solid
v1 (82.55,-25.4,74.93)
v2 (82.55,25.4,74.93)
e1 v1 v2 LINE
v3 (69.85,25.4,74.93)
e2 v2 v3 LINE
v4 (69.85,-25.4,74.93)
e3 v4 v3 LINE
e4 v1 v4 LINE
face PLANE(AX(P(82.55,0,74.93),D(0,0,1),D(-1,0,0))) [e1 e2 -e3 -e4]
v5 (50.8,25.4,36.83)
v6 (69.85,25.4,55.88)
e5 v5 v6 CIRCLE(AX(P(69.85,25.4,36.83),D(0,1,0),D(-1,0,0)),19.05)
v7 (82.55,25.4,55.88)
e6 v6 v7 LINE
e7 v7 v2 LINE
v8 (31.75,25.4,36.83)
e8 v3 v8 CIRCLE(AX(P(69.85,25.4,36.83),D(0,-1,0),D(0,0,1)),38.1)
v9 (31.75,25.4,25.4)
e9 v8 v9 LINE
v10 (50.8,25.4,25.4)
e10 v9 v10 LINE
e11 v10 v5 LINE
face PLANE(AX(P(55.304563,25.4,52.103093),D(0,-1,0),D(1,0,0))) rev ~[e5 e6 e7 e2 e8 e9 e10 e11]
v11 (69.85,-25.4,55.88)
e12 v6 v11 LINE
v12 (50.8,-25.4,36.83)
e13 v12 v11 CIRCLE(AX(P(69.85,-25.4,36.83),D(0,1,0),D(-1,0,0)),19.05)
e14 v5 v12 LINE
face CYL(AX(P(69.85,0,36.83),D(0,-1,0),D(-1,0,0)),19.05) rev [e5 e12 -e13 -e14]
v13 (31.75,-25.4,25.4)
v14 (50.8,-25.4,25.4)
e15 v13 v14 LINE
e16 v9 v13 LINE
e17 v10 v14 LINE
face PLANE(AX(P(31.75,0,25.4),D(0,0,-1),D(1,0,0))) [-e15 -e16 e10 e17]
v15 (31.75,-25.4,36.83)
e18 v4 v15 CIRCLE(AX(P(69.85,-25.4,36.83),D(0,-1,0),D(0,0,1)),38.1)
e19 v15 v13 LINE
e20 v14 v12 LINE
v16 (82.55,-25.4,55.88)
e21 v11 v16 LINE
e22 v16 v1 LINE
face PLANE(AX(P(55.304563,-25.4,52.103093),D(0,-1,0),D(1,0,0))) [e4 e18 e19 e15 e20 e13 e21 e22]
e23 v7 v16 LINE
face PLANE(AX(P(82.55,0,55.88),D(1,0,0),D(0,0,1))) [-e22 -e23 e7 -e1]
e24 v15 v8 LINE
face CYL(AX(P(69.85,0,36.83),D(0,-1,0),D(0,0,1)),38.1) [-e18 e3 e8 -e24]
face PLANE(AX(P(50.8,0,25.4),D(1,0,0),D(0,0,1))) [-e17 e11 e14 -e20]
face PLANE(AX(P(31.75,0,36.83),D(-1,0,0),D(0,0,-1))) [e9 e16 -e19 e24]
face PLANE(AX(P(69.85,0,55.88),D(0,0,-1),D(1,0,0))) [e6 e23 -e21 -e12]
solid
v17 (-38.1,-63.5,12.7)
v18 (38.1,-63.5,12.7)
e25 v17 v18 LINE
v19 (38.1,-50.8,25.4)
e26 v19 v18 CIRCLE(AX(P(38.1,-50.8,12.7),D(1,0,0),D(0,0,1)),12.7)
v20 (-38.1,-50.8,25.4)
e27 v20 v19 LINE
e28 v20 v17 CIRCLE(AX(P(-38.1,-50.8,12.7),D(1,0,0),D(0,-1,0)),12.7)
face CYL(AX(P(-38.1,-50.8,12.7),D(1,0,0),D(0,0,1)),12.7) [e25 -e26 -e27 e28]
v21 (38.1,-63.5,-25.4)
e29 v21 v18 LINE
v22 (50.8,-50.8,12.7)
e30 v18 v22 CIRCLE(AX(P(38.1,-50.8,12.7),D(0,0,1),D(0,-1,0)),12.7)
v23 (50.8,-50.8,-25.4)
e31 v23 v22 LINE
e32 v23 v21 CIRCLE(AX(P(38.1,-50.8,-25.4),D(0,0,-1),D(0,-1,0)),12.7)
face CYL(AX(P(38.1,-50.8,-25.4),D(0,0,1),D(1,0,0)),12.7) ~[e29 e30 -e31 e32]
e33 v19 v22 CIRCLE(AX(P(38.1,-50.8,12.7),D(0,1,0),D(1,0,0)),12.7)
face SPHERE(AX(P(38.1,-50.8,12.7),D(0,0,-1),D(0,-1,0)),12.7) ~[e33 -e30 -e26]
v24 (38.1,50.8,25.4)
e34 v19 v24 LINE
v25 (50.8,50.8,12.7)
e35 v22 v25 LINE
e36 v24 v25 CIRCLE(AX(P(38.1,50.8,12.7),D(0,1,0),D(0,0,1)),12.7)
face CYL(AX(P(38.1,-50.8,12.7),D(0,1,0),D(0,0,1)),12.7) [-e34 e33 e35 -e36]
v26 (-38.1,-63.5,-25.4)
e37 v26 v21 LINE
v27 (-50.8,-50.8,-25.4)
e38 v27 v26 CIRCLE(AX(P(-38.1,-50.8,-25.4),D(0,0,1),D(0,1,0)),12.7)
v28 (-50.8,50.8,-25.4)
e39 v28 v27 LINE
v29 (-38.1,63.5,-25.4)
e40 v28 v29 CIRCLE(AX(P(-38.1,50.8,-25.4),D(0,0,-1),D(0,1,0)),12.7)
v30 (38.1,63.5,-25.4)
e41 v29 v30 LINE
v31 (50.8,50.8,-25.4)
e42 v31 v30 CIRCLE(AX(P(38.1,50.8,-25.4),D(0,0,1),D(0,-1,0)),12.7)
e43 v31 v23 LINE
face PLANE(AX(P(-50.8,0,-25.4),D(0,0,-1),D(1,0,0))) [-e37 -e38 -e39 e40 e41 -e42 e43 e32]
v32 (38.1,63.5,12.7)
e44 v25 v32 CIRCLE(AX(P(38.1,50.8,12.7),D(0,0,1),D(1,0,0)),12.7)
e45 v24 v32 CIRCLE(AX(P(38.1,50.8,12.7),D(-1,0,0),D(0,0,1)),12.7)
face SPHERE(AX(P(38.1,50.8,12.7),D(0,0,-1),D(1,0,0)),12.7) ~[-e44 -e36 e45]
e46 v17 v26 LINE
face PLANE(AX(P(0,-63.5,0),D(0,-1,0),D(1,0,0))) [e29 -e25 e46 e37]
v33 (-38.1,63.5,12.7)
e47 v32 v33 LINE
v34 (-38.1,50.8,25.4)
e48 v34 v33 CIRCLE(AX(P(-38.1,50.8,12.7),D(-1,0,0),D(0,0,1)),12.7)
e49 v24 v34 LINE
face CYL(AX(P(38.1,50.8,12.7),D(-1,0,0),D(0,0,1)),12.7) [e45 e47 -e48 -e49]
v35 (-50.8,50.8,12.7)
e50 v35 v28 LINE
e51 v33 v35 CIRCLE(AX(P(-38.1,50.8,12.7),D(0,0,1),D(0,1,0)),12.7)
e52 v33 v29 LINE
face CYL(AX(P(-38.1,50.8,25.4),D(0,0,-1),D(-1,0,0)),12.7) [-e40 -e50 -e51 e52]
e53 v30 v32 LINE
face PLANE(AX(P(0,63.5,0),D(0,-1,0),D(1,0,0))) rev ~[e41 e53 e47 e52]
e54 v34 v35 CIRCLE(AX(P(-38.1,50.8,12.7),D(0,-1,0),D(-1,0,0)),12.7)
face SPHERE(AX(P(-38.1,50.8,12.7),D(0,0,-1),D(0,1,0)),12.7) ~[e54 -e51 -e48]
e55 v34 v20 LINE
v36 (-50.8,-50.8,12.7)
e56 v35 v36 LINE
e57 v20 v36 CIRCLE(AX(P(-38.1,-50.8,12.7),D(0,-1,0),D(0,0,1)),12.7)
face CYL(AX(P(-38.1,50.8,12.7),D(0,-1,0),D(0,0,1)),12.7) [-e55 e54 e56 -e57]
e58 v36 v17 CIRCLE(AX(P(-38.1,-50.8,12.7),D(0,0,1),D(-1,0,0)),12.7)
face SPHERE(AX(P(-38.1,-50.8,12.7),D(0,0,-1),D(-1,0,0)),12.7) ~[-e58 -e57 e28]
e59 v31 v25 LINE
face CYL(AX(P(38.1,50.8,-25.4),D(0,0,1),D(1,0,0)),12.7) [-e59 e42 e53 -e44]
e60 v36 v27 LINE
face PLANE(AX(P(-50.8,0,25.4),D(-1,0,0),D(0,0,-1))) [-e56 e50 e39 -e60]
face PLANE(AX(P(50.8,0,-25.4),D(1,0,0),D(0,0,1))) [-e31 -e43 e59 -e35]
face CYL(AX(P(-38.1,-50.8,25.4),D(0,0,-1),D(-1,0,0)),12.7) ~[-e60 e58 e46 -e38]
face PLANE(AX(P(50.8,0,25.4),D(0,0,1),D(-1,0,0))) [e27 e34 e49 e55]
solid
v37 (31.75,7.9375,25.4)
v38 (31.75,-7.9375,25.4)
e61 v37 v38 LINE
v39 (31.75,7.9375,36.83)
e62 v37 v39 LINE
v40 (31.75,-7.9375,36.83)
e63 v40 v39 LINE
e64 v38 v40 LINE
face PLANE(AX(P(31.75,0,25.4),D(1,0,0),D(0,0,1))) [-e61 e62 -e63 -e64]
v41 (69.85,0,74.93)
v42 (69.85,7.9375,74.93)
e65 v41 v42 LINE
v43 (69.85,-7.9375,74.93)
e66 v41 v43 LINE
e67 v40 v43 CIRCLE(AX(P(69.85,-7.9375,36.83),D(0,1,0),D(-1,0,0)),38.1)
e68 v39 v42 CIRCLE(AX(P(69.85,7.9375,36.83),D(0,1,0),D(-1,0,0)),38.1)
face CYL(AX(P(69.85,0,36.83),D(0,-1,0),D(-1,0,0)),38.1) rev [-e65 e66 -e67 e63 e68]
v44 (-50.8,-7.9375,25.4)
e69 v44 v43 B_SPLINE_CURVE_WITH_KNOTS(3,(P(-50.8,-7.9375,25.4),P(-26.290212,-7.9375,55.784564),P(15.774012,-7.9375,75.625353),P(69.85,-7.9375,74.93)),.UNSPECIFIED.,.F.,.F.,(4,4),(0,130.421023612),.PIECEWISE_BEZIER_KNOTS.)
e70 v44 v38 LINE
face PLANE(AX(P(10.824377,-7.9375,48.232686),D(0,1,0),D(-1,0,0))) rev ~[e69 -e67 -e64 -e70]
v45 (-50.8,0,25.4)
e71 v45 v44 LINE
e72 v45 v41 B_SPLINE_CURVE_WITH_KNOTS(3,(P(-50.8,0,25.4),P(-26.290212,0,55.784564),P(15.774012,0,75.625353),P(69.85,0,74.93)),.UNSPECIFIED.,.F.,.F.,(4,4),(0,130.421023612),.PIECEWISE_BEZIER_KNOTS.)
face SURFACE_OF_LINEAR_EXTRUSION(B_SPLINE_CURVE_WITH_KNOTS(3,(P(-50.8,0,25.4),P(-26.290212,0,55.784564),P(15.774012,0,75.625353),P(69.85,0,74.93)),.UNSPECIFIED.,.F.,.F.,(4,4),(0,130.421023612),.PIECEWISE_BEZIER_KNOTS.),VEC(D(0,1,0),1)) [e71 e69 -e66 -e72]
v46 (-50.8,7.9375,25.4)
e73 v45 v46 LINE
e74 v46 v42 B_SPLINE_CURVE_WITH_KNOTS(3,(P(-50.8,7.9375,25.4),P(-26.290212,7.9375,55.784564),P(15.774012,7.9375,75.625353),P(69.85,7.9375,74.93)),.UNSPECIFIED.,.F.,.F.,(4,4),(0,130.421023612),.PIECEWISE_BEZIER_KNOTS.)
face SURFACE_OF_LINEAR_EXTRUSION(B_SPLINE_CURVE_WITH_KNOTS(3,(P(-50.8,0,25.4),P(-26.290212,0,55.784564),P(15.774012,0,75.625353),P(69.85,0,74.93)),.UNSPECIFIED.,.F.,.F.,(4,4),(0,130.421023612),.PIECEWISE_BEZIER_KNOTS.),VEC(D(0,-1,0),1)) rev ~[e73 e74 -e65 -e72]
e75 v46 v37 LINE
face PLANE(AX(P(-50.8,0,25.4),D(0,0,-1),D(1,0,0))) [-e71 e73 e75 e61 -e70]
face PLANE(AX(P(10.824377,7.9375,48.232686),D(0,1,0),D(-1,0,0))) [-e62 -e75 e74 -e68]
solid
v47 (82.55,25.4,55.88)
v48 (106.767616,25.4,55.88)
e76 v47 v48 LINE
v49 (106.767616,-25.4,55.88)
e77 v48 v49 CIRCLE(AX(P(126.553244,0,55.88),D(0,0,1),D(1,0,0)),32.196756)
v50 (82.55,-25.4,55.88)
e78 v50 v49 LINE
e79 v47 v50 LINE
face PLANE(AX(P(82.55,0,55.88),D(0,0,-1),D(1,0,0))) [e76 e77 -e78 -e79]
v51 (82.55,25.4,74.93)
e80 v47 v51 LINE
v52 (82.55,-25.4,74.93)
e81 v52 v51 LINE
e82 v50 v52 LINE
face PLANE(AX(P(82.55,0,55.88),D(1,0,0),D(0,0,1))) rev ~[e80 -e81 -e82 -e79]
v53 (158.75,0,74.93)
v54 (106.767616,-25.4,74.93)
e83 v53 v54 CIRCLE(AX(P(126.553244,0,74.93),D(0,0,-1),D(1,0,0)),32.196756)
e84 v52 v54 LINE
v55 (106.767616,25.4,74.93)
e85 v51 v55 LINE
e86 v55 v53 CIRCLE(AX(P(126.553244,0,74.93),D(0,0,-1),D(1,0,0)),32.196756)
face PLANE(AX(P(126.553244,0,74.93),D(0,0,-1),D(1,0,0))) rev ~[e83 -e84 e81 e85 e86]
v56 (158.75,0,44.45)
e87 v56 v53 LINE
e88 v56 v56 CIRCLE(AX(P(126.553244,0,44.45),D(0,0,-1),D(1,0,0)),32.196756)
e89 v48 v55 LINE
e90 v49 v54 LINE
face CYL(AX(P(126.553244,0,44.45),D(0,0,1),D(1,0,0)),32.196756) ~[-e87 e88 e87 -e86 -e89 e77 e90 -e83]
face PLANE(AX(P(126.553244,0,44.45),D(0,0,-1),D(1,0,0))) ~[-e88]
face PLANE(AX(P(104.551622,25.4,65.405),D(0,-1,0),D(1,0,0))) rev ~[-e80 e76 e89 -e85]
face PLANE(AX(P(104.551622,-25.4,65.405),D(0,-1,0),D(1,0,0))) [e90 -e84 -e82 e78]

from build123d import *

# Parameters (mm, degrees)
F0_W     = 44.0032443145
F0_H     = 19.05
F1_DEPTH = 25.4
F2_DEPTH = 63.5
F3_DEPTH = 7.9375
F5_DEPTH = 25.4
F6_R     = 12.7
F7_R     = 12.7


with BuildPart() as f1:
    # F0 (on Front) → F1 (new body, symmetric)
    with BuildSketch(Plane.XZ):
        with Locations((104.5516221572, 65.405)):
            Rectangle(F0_W, F0_H)
    extrude(amount=F1_DEPTH, both=True)

    # F0 (on Front) → F4 (revolve)
    with BuildSketch(Plane.XZ):
        Polygon((158.75, 74.93), (126.5532443145, 74.93), (126.5532443145, 55.88), (126.5532443145, 44.45), (158.75, 44.45), align=None)
    revolve(axis=Axis((126.5532443145, 0, 59.69), (0, 0, -1)))


with BuildPart() as f2:
    # F0 (on Front) → F2 (new body, symmetric)
    with BuildSketch(Plane.XZ):
        Polygon((31.75, 25.4), (-50.8, 25.4), (-50.8, -25.4), (50.8, -25.4), (50.8, 25.4), align=None)
    extrude(amount=F2_DEPTH, both=True)

    # F6
    f6_edges = [f2.edges().sort_by_distance(p)[0] for p in [
        (50.8, -63.5, 0),
        (-50.8, -63.5, 0),
        (-50.8, 63.5, 0),
        (50.8, 63.5, 0),
    ]]
    fillet(f6_edges, radius=F6_R)

    # F7
    f7_edges = [f2.edges().sort_by_distance(p)[0] for p in [
        (0, 63.5, 25.4),
        (-50.8, 0, 25.4),
        (0, -63.5, 25.4),
        (50.8, 0, 25.4),
    ]]
    fillet(f7_edges, radius=F7_R)


with BuildPart() as f3:
    # F0 (on Front) → F3 (new body, symmetric)
    with BuildSketch(Plane.XZ):
        with BuildLine():
            add(Edge.make_bspline(
                [(-50.8, 25.4), (-26.2902118266, 55.7845644653), (15.7740116119, 75.6253525615), (69.85, 74.93)],
                knots=[0, 0, 0, 0, 130.421023612, 130.421023612, 130.421023612, 130.421023612], degree=3))
            Line((-50.8, 25.4), (31.75, 25.4))
            Line((31.75, 25.4), (31.75, 36.83))
            ThreePointArc((31.75, 36.83), (42.9092316368, 63.7707683632), (69.85, 74.93))
        make_face()
    extrude(amount=F3_DEPTH, both=True)


with BuildPart() as f5:
    # F0 (on Front) → F5 (new body, symmetric)
    with BuildSketch(Plane.XZ):
        with BuildLine():
            Line((31.75, 36.83), (31.75, 25.4))
            Line((31.75, 25.4), (50.8, 25.4))
            Line((50.8, 25.4), (50.8, 36.83))
            ThreePointArc((50.8, 36.83), (56.3796158184, 50.3003841816), (69.85, 55.88))
            Line((69.85, 55.88), (82.55, 55.88))
            Line((82.55, 55.88), (82.55, 74.93))
            Line((82.55, 74.93), (69.85, 74.93))
            ThreePointArc((69.85, 74.93), (42.9092316368, 63.7707683632), (31.75, 36.83))
        make_face()
    extrude(amount=F5_DEPTH, both=True)


solid = Compound([f1.part, f2.part, f3.part, f5.part])
